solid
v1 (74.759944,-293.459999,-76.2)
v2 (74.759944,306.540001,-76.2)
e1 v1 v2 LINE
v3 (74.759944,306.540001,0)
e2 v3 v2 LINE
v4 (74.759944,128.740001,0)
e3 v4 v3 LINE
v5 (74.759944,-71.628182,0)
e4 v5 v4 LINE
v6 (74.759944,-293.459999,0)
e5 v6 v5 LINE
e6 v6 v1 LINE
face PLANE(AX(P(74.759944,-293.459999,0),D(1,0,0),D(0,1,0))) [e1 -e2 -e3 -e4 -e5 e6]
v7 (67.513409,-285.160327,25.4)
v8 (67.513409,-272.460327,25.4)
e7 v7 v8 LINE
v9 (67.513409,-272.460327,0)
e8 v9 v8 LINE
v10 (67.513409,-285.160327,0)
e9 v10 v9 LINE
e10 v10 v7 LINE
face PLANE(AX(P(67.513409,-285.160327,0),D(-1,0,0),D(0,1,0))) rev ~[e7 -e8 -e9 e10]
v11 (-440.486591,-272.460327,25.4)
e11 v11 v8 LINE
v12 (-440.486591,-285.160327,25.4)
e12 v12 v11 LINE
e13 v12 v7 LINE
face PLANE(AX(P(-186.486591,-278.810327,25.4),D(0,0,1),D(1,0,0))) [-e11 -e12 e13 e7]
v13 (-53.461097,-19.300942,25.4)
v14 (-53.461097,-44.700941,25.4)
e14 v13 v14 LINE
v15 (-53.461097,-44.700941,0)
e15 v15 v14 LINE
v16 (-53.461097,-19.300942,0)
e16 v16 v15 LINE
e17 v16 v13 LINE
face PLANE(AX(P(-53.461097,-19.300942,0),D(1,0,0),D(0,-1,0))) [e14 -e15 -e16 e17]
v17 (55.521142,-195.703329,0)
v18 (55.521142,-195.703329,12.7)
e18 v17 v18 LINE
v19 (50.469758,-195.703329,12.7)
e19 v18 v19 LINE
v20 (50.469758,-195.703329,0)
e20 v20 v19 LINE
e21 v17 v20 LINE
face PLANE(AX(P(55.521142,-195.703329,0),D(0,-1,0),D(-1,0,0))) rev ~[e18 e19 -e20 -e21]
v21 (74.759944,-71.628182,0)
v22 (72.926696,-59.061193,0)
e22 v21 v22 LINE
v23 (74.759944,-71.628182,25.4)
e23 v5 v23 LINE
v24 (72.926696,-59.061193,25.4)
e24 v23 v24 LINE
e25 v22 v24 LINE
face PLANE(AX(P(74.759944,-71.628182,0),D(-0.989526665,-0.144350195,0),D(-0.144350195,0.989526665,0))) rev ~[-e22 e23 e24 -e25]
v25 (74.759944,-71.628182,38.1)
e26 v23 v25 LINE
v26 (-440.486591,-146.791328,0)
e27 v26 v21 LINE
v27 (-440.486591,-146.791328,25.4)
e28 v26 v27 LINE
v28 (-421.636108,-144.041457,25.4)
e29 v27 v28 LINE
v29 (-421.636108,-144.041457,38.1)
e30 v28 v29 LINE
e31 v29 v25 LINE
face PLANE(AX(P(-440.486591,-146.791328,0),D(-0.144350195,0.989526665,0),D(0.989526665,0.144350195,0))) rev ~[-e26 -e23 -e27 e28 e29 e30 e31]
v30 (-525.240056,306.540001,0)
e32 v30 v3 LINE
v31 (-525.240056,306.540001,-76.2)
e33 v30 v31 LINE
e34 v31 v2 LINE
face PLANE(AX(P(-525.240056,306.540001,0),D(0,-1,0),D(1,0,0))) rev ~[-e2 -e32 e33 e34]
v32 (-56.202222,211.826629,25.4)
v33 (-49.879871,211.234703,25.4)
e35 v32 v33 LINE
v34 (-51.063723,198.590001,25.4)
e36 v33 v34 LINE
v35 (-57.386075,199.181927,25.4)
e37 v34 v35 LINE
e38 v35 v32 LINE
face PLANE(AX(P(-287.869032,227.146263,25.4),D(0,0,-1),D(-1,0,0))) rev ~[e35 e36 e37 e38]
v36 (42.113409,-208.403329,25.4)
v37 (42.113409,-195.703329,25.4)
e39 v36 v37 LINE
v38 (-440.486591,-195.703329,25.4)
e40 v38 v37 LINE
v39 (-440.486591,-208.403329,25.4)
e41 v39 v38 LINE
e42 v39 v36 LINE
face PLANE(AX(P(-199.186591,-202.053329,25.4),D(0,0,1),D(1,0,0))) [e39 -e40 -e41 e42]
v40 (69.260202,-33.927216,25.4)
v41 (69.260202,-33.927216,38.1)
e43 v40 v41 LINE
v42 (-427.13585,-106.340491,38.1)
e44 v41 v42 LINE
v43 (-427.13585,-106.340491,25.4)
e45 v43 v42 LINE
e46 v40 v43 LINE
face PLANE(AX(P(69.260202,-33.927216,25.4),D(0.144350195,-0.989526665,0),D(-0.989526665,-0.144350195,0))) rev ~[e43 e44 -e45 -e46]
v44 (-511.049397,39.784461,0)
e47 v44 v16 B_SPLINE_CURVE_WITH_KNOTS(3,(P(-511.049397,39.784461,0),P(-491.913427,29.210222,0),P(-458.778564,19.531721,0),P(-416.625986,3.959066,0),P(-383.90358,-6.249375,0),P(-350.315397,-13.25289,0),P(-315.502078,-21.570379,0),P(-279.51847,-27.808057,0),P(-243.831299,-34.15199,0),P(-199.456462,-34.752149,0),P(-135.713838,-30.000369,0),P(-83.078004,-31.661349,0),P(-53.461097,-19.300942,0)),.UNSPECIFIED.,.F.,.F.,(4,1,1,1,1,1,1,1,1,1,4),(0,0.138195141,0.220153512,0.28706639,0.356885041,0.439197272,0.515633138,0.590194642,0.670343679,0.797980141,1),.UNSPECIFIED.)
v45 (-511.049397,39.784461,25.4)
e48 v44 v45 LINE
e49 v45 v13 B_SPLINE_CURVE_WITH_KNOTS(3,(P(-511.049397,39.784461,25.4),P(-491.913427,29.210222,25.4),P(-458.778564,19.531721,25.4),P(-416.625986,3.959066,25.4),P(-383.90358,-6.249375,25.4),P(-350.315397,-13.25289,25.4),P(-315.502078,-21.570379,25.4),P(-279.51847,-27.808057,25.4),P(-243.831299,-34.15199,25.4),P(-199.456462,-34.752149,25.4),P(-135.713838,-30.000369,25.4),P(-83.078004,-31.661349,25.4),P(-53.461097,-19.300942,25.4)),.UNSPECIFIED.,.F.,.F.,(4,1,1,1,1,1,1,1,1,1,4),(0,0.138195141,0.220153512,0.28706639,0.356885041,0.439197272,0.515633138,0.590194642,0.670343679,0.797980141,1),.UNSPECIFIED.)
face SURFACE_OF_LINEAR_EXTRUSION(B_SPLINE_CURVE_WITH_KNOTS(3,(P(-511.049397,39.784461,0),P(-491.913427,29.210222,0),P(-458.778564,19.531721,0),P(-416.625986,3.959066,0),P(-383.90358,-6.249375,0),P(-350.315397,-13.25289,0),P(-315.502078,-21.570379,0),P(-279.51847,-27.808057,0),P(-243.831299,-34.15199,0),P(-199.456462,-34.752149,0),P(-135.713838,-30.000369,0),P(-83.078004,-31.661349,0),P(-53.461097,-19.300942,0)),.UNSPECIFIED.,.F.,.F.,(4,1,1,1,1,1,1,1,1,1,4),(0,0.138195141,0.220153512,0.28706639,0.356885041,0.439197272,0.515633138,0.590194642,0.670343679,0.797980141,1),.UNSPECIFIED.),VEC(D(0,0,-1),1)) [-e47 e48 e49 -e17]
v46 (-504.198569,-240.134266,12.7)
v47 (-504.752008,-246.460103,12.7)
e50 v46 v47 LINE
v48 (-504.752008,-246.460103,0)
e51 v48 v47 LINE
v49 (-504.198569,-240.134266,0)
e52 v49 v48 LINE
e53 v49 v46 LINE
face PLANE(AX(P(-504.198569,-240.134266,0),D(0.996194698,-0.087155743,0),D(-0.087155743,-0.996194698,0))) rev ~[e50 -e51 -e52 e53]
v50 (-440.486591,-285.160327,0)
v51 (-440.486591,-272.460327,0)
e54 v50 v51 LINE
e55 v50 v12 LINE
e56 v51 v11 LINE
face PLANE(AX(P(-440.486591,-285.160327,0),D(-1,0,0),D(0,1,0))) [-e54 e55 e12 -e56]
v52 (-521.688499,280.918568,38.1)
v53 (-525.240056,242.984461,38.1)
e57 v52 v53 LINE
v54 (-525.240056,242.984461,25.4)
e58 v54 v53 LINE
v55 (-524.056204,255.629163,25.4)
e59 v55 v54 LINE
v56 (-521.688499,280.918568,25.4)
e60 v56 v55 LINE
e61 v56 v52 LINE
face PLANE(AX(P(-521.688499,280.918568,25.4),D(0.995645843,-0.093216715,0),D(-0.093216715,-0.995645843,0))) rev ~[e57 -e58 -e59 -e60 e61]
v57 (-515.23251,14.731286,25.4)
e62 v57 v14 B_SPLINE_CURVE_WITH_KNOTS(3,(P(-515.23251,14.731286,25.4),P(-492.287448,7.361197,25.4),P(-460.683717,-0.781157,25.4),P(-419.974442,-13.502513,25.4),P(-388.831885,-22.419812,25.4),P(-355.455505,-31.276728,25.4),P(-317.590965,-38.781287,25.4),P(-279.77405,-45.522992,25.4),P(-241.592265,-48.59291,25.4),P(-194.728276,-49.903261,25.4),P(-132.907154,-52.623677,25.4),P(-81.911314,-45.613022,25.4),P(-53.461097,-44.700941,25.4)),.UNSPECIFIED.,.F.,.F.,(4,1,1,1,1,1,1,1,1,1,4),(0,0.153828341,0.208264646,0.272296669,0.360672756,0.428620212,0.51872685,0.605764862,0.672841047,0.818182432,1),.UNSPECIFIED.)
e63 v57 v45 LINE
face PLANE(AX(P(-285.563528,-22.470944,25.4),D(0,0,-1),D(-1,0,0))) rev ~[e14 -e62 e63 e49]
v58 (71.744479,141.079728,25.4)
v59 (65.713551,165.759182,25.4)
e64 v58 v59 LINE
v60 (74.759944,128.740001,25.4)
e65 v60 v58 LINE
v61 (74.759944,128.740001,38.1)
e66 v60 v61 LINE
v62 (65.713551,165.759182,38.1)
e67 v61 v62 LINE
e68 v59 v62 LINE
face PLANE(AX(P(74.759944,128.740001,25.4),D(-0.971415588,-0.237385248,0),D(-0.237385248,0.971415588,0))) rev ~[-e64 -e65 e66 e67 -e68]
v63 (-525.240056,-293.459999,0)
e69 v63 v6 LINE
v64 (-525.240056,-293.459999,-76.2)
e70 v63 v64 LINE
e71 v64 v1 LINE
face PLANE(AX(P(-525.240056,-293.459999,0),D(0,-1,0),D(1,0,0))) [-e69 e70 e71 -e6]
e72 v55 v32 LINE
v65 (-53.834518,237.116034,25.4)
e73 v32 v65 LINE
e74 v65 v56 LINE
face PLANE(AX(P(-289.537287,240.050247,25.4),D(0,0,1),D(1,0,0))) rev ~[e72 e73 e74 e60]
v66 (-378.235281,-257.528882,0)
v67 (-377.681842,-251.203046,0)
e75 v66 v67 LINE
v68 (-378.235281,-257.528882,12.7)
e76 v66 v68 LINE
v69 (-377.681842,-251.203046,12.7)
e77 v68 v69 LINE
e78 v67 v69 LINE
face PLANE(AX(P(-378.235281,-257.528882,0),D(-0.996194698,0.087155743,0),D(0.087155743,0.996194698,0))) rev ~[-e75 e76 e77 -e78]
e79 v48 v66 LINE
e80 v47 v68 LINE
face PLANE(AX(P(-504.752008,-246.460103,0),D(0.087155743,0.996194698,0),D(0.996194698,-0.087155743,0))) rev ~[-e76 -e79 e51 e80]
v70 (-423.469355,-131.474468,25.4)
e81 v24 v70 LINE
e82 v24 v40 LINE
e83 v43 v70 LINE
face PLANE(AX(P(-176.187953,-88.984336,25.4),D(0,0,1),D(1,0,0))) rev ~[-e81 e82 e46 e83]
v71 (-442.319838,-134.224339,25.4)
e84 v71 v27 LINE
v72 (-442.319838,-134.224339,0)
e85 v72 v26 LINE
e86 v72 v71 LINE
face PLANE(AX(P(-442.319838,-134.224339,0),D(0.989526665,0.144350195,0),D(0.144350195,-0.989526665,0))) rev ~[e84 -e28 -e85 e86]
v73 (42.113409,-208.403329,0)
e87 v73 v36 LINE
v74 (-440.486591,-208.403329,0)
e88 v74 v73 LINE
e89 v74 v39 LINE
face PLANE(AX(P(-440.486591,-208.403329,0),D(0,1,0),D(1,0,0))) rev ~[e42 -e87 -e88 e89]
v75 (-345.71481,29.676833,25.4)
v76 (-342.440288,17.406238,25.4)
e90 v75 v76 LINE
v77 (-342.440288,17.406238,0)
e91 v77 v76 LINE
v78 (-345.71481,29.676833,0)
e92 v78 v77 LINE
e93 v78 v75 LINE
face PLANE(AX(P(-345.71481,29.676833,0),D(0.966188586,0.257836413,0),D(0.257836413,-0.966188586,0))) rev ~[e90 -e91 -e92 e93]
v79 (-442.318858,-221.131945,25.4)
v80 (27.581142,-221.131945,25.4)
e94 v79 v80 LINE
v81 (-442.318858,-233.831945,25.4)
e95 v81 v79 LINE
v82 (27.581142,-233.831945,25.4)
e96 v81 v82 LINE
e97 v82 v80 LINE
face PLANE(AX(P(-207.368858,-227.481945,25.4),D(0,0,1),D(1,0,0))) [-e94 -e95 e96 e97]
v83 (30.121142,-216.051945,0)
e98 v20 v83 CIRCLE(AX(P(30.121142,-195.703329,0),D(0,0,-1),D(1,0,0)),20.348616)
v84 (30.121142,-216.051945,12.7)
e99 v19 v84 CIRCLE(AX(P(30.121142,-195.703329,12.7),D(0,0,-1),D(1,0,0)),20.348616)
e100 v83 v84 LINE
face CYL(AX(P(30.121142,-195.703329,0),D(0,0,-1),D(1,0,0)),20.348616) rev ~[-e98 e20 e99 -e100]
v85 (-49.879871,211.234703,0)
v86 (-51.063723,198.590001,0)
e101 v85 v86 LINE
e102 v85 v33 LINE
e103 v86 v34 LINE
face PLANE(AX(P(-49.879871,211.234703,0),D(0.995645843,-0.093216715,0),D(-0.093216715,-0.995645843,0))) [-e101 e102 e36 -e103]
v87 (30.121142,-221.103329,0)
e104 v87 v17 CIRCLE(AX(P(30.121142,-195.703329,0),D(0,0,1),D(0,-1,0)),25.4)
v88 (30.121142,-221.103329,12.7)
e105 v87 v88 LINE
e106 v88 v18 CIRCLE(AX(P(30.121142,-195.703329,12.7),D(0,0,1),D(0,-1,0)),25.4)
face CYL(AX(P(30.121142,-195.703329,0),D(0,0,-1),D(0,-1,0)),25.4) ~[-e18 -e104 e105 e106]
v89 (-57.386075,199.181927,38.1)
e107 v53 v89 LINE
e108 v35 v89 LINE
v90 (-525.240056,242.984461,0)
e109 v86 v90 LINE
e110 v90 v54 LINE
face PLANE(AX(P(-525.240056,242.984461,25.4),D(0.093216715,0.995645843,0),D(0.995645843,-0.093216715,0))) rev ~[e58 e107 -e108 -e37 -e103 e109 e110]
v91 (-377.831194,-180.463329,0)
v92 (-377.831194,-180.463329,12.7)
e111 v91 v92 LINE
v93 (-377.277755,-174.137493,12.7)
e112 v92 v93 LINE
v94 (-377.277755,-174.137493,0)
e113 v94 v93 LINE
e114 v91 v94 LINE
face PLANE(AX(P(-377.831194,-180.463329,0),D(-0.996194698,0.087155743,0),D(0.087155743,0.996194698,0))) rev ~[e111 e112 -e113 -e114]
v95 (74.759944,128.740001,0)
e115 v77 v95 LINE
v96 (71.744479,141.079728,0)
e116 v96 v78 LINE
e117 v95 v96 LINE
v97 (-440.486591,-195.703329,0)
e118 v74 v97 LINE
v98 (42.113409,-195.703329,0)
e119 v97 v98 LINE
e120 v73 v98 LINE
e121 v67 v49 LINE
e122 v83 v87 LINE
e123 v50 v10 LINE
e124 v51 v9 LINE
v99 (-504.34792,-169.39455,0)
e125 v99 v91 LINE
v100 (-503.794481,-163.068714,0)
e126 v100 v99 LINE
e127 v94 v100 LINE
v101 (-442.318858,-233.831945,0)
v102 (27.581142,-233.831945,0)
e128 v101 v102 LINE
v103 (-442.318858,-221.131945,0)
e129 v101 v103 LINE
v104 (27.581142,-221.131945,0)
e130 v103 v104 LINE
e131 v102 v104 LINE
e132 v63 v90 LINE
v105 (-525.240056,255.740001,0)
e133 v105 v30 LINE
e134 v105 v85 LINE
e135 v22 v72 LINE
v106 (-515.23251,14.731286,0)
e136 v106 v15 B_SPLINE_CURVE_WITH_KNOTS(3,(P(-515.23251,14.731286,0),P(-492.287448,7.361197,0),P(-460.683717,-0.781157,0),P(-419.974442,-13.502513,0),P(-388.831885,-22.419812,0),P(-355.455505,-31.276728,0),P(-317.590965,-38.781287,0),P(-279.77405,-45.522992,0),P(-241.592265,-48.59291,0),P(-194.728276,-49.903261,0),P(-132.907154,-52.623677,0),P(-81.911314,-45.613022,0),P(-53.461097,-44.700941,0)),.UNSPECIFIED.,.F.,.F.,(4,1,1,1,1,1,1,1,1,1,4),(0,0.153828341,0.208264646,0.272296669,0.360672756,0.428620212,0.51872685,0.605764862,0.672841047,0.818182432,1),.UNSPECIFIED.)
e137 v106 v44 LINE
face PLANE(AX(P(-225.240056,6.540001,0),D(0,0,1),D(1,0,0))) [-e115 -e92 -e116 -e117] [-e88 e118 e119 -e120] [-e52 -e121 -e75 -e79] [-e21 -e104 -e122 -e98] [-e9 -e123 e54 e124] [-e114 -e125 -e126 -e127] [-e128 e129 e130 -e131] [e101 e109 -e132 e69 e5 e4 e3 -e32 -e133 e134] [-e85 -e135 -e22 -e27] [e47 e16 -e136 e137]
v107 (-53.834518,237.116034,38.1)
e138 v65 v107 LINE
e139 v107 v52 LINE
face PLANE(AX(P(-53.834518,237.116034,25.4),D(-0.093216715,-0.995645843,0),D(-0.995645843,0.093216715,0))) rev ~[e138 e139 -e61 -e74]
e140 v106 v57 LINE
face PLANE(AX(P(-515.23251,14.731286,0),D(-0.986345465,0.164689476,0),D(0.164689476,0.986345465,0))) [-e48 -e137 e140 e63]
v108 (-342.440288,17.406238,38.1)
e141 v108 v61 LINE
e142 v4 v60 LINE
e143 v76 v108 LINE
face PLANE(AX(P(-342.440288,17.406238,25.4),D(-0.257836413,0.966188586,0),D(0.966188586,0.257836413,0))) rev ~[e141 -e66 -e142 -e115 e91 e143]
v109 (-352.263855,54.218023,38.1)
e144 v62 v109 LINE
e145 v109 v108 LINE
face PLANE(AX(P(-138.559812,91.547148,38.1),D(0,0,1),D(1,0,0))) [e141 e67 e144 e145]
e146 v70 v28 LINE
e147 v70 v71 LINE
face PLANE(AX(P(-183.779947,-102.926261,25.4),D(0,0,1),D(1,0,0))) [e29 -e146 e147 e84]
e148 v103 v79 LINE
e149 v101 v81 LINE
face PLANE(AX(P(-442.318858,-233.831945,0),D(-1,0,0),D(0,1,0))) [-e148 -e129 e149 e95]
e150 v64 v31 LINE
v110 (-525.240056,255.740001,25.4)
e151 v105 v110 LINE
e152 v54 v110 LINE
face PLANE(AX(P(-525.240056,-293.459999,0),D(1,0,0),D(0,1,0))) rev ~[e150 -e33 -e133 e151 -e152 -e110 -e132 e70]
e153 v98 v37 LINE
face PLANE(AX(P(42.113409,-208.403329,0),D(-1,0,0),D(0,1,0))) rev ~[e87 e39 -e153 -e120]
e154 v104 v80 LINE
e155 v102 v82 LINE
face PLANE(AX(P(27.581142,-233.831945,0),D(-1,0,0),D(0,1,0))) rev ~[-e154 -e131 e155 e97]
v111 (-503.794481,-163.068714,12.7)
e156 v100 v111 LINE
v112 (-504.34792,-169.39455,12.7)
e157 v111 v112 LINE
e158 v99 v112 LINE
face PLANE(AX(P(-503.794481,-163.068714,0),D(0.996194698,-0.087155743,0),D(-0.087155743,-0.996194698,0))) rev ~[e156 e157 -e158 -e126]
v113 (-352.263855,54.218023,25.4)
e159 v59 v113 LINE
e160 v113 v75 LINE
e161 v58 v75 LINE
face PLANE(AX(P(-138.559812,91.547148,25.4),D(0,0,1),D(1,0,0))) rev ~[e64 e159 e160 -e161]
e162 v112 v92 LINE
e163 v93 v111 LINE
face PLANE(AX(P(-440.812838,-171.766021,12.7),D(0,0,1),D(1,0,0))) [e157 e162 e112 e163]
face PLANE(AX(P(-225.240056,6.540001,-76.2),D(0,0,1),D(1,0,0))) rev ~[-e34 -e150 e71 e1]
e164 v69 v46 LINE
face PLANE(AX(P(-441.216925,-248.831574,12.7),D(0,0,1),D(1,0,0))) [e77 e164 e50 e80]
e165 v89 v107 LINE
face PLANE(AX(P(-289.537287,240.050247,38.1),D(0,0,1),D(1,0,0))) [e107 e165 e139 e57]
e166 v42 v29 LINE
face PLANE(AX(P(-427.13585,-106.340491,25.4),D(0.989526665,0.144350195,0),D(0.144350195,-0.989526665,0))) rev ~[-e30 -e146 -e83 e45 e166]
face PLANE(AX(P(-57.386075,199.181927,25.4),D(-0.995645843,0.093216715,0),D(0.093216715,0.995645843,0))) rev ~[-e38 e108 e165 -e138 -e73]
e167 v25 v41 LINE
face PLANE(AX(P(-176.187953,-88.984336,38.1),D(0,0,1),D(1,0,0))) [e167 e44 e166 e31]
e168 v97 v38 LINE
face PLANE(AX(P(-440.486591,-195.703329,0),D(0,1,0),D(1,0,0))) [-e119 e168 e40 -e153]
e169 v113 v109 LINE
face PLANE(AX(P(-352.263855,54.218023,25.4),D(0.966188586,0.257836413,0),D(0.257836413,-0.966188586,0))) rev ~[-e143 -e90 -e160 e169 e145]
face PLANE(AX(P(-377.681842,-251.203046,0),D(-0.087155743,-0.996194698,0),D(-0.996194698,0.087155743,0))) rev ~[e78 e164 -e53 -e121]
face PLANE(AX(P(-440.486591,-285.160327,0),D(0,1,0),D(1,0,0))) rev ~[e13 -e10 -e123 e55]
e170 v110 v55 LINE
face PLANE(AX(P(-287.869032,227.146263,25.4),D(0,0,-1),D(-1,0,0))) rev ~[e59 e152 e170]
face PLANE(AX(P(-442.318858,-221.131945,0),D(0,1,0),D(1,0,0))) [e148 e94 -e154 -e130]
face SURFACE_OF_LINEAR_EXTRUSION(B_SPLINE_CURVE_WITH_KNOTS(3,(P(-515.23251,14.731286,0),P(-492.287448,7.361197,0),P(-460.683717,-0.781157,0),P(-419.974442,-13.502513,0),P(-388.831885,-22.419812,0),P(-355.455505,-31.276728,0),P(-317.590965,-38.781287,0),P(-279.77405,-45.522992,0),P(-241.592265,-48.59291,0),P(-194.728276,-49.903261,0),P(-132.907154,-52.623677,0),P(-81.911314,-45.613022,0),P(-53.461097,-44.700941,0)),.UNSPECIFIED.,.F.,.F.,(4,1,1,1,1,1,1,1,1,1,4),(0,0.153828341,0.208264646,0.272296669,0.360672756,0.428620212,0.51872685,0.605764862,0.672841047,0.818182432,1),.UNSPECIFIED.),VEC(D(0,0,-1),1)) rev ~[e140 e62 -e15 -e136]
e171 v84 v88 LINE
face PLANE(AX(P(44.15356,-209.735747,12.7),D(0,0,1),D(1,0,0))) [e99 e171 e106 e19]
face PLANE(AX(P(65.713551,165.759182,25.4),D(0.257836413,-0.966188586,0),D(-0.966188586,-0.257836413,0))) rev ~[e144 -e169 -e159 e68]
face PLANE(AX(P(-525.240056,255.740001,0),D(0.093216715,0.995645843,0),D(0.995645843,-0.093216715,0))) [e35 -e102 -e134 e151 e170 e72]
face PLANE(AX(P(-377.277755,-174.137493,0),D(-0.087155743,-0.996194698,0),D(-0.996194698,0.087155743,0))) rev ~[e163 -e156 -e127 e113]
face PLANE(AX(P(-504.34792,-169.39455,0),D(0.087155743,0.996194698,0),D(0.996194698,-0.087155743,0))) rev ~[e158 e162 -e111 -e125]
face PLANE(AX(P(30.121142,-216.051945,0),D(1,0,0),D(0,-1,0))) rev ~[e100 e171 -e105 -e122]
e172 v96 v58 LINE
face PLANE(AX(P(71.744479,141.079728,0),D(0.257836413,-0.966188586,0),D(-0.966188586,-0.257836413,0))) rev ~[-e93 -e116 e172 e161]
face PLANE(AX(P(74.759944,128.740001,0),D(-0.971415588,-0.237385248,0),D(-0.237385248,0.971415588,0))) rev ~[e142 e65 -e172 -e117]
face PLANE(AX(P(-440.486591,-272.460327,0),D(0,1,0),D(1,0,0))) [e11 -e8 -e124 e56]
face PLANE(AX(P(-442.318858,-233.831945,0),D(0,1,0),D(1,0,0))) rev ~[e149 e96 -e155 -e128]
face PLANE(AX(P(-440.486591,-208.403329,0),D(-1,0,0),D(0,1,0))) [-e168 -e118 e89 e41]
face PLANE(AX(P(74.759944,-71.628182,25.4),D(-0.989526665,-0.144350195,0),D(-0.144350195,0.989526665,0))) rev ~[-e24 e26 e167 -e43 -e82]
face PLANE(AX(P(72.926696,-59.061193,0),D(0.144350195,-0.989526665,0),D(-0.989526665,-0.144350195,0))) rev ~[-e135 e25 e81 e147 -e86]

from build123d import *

# Parameters (mm, degrees)
SKETCH1_W            = 600
SKETCH1_H            = 600
BOSS_EXTRUDE1_DEPTH  = 76.2
BOSS_EXTRUDE2_DEPTH  = 25.4
BOSS_EXTRUDE3_START  = 25.4
BOSS_EXTRUDE3_DEPTH  = 12.7
BOSS_EXTRUDE4_DEPTH  = 25.4
BOSS_EXTRUDE5_START  = 25.4
BOSS_EXTRUDE5_DEPTH  = 12.7
BOSS_EXTRUDE6_DEPTH  = 25.4
SKETCH1_42_W         = 482.6
SKETCH1_42_H         = 12.7
SKETCH1_42_W_2       = 469.9
SKETCH1_42_W_3       = 508
BOSS_EXTRUDE7_DEPTH  = 25.4
BOSS_EXTRUDE8_DEPTH  = 12.7
BOSS_EXTRUDE9_START  = 25.4
BOSS_EXTRUDE9_DEPTH  = 12.7
BOSS_EXTRUDE10_DEPTH = 25.4


with BuildPart() as part:
    # Sketch1 → Boss-Extrude1 (new body)
    with BuildSketch(Plane.XY):
        with Locations((-225.240056073, 6.540000857)):
            Rectangle(SKETCH1_W, SKETCH1_H)
    extrude(amount=-BOSS_EXTRUDE1_DEPTH)

    # Sketch1<22> → Boss-Extrude2 (add)
    with BuildSketch(Plane.XY):
        Polygon((-525.240056073, 242.984461231), (-525.240056073, 255.740000857), (-49.879871206, 211.234703059), (-51.063723483, 198.590000857), align=None)
    extrude(amount=BOSS_EXTRUDE2_DEPTH)

    # Sketch1<23> → Boss-Extrude3 (add)
    with BuildSketch(Plane.XY.offset(BOSS_EXTRUDE3_START)):
        Polygon((-525.240056073, 242.984461231), (-57.386074584, 199.181926995), (-53.834517754, 237.116033602), (-521.688499243, 280.918567838), align=None)
    extrude(amount=BOSS_EXTRUDE3_DEPTH)

    # Sketch1<36> → Boss-Extrude4 (add)
    with BuildSketch(Plane.XY):
        Polygon((-342.440287545, 17.406237518), (74.759943927, 128.740000857), (71.744479474, 141.079727937), (-345.714809996, 29.676832561), align=None)
    extrude(amount=BOSS_EXTRUDE4_DEPTH)

    # Sketch1<38> → Boss-Extrude5 (add)
    with BuildSketch(Plane.XY.offset(BOSS_EXTRUDE5_START)):
        Polygon((-342.440287545, 17.406237518), (74.759943927, 128.740000857), (65.713550566, 165.759182097), (-352.263854899, 54.218022648), align=None)
    extrude(amount=BOSS_EXTRUDE5_DEPTH)

    # Sketch1<39> → Boss-Extrude6 (add)
    with BuildSketch(Plane.XY):
        with BuildLine():
            Line((-515.232510143, 14.731286418), (-511.049397451, 39.784461231))
            add(Edge.make_bspline(
                [(-511.049397451, 39.784461231), (-491.91342743, 29.210221806), (-458.77856372, 19.531721492), (-416.625986292, 3.959066392), (-383.903580076, -6.249374557), (-350.315397205, -13.252889549), (-315.502078412, -21.570378936), (-279.518469533, -27.808056985), (-243.831298859, -34.151990356), (-199.456462469, -34.752149035), (-135.713837898, -30.00036949), (-83.078004242, -31.661348956), (-53.461097288, -19.3009415)],
                knots=[0, 0, 0, 0, 0.138195141, 0.220153512, 0.28706639, 0.356885041, 0.439197272, 0.515633138, 0.590194642, 0.670343679, 0.797980141, 1, 1, 1, 1], degree=3))
            Line((-53.461097288, -19.3009415), (-53.461097288, -44.7009415))
            add(Edge.make_bspline(
                [(-515.232510143, 14.731286418), (-492.287448082, 7.361196537), (-460.683716745, -0.781157172), (-419.974441586, -13.502513213), (-388.83188488, -22.419811825), (-355.455504677, -31.276728095), (-317.590964539, -38.781286591), (-279.774049612, -45.52299243), (-241.592265326, -48.592909593), (-194.728275521, -49.903260595), (-132.907153847, -52.623676823), (-81.911313969, -45.613021801), (-53.461097288, -44.7009415)],
                knots=[0, 0, 0, 0, 0.153828341, 0.208264646, 0.272296669, 0.360672756, 0.428620212, 0.51872685, 0.605764862, 0.672841047, 0.818182432, 1, 1, 1, 1], degree=3))
        make_face()
    extrude(amount=BOSS_EXTRUDE6_DEPTH)

    # Sketch1<42> → Boss-Extrude7 (add)
    with BuildSketch(Plane.XY):
        with Locations((-199.186590665, -202.053329244)):
            Rectangle(SKETCH1_42_W, SKETCH1_42_H)
        with Locations((-207.36885806, -227.48194535)):
            Rectangle(SKETCH1_42_W_2, SKETCH1_42_H)
        with Locations((-186.486590665, -278.810327036)):
            Rectangle(SKETCH1_42_W_3, SKETCH1_42_H)
    extrude(amount=BOSS_EXTRUDE7_DEPTH)

    # Sketch1<43> → Boss-Extrude8 (add)
    with BuildSketch(Plane.XY):
        Polygon((-377.277754824, -174.137492911), (-503.794481482, -163.068713582), (-504.347920448, -169.394549915), (-377.831193791, -180.463329244), align=None)
        with BuildLine():
            Line((55.52114194, -195.703329244), (50.469758046, -195.703329244))
            ThreePointArc((50.469758046, -195.703329244), (44.509786376, -210.09197368), (30.12114194, -216.05194535))
            Line((30.12114194, -216.05194535), (30.12114194, -221.103329244))
            ThreePointArc((30.12114194, -221.103329244), (48.081654182, -213.663841486), (55.52114194, -195.703329244))
        make_face()
        Polygon((-504.198568844, -240.134266294), (-504.752007811, -246.460102627), (-378.235281153, -257.528881956), (-377.681842187, -251.203045623), align=None)
    extrude(amount=BOSS_EXTRUDE8_DEPTH)



with BuildPart() as body_2:
    # Sketch1<46> → Boss-Extrude9 (new body)
    with BuildSketch(Plane.XY.offset(BOSS_EXTRUDE9_START)):
        Polygon((74.759943927, -71.628181651), (69.260201501, -33.927215705), (-427.135850118, -106.340490986), (-421.636107692, -144.041456932), align=None)
    extrude(amount=BOSS_EXTRUDE9_DEPTH)


with BuildPart() as part_1:
    add(part.part)

    add(body_2.part)  # Boss-Extrude10 merges body 2
    # Sketch1<47> → Boss-Extrude10 (add)
    with BuildSketch(Plane.XY):
        Polygon((74.759943927, -71.628181651), (72.926696452, -59.061193002), (-442.31983814, -134.224339496), (-440.486590665, -146.791328145), align=None)
    extrude(amount=BOSS_EXTRUDE10_DEPTH)


solid = part_1.part
